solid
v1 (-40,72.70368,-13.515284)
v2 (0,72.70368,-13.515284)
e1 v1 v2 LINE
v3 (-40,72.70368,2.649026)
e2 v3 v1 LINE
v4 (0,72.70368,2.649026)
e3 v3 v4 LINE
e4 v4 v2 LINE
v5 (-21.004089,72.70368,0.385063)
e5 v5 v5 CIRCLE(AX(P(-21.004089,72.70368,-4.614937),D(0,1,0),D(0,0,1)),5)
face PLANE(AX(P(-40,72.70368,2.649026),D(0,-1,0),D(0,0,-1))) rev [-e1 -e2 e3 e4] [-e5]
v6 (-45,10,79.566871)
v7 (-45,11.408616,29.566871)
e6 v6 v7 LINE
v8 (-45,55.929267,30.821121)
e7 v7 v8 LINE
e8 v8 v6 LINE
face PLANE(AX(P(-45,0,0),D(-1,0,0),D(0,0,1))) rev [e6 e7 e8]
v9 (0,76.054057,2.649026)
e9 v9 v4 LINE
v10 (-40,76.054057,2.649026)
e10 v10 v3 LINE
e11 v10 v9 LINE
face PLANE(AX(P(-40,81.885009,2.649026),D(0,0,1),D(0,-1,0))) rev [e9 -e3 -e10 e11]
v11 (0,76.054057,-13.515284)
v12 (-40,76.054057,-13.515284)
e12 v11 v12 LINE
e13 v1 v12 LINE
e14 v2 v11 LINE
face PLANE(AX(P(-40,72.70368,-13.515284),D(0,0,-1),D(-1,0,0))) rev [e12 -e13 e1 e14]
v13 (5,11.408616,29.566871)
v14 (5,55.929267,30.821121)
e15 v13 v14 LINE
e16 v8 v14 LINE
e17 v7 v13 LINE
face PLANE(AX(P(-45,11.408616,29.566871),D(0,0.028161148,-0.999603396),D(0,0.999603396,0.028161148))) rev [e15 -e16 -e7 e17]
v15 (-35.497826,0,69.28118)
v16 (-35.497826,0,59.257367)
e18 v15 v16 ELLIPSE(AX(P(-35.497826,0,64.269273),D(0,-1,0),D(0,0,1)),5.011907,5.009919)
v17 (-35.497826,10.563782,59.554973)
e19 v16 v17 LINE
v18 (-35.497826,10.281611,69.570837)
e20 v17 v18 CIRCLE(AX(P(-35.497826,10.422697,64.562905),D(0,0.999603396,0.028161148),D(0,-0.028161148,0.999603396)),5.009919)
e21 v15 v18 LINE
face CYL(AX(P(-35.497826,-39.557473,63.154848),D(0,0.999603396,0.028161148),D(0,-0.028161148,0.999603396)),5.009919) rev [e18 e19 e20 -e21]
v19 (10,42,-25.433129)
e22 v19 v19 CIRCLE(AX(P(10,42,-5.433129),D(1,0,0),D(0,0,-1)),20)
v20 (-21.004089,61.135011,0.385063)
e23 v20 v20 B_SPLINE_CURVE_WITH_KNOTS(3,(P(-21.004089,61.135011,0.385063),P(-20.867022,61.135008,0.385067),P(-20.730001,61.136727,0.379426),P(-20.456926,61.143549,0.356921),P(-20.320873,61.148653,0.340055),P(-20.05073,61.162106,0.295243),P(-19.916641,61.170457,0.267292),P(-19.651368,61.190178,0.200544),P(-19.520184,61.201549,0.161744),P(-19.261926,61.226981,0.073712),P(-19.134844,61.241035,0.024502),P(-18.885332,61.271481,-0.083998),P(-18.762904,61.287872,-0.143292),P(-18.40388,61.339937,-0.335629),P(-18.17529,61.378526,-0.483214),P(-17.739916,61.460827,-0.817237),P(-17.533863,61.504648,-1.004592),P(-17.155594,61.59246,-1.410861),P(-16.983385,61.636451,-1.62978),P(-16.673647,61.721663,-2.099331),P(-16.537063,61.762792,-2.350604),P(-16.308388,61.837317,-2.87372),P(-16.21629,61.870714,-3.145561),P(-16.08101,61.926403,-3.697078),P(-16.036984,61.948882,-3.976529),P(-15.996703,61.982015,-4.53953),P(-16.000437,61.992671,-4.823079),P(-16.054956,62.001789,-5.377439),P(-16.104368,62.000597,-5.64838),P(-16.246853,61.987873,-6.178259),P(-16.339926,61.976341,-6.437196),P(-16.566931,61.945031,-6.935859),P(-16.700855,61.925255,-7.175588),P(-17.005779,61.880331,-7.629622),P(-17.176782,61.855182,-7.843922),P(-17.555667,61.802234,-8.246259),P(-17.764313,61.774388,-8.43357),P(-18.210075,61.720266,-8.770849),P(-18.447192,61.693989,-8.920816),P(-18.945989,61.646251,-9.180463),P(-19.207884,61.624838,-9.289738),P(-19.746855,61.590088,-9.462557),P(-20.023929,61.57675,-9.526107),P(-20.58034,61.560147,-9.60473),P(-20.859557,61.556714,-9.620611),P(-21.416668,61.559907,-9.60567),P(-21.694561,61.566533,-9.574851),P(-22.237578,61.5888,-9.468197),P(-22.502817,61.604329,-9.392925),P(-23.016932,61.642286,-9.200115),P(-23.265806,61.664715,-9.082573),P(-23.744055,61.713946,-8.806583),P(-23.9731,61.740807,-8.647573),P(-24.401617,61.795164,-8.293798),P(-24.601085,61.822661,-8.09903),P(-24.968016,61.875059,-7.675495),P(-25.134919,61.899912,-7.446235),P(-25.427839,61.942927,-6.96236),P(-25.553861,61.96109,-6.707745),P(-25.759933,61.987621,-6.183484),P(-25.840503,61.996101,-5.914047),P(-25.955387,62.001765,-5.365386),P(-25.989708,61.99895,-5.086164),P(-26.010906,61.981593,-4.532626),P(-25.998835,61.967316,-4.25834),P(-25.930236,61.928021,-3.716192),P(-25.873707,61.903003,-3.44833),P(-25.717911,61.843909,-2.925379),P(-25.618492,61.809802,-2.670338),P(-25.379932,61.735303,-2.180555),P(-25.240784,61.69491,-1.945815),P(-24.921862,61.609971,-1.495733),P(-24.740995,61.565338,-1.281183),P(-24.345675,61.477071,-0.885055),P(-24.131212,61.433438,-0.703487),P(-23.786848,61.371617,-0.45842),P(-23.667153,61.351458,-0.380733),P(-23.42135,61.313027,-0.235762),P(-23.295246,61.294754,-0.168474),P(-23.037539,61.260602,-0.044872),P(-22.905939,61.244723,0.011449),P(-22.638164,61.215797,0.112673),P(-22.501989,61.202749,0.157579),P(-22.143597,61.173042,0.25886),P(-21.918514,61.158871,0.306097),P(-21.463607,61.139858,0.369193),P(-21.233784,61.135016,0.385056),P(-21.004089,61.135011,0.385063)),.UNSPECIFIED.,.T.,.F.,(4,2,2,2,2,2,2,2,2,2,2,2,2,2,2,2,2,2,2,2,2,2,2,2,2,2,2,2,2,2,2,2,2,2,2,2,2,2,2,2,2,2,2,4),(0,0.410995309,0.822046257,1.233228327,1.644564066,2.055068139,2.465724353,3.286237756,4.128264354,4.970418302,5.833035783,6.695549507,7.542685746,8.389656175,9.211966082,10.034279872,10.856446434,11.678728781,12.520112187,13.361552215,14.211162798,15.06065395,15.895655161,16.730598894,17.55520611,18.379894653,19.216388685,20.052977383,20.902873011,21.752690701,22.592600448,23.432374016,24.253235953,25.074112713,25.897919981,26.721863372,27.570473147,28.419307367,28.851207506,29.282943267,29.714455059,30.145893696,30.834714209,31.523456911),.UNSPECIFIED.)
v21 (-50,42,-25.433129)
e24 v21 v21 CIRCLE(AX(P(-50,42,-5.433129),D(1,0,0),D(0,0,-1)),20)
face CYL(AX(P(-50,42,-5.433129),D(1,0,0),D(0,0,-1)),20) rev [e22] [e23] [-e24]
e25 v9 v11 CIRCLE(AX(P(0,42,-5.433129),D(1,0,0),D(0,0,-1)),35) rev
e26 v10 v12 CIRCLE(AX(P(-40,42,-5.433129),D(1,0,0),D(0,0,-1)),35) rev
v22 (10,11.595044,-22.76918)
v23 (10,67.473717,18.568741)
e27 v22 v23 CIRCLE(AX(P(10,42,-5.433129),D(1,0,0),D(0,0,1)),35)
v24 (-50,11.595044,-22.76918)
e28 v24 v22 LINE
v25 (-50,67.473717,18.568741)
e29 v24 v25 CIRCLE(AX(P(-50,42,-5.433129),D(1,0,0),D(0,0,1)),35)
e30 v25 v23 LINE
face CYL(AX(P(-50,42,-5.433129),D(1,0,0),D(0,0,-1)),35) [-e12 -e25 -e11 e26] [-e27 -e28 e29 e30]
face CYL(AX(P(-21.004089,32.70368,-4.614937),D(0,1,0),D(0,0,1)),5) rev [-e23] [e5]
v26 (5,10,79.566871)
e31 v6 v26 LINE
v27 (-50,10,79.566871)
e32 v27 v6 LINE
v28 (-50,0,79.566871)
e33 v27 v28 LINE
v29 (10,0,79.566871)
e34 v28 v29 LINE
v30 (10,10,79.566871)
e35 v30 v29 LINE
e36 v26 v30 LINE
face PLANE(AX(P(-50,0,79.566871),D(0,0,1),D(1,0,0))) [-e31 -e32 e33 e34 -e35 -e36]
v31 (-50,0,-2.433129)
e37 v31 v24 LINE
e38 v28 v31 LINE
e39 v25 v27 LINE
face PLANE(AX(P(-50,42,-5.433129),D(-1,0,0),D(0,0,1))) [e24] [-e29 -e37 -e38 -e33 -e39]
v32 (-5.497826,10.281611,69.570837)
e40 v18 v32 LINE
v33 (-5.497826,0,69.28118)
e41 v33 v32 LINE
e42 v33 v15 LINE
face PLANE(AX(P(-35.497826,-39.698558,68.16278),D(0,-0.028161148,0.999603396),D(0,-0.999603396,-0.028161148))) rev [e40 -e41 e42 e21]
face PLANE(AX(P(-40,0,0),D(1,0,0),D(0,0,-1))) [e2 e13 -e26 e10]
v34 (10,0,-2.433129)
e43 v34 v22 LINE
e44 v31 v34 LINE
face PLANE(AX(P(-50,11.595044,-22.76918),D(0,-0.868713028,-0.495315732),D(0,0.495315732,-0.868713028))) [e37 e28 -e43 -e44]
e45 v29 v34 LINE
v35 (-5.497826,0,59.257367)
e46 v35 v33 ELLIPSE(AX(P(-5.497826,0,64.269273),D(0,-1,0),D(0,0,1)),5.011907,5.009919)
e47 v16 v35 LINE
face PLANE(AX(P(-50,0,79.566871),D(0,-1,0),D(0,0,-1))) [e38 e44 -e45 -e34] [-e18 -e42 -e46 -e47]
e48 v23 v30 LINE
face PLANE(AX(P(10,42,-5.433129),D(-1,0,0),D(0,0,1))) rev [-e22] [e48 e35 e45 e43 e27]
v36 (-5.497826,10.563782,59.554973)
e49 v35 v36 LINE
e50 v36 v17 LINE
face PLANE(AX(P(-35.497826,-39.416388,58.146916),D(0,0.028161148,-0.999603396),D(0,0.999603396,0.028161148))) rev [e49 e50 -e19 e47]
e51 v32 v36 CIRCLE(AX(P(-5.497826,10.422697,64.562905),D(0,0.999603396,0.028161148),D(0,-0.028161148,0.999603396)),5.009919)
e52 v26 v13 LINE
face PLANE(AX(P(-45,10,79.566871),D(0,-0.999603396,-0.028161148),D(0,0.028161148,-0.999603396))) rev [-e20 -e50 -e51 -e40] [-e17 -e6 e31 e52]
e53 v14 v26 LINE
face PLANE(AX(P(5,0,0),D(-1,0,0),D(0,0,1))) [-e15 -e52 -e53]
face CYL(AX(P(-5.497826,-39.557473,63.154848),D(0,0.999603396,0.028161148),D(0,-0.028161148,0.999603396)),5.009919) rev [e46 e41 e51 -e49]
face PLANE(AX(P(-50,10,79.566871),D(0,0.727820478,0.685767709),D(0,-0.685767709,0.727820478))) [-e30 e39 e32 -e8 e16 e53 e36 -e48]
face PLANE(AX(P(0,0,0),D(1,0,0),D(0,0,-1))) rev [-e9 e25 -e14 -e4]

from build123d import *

# Parameters (mm, degrees)
SKETCH2_R           = 20
BOSS_EXTRUDE1_DEPTH = 60
CUT_EXTRUDE2_DEPTH  = 50
CUT_EXTRUDE3_DEPTH  = 50
SKETCH12_W          = 16.164310213
SKETCH12_H          = 9.181328202
CUT_EXTRUDE5_DEPTH  = 40
SKETCH13_R          = 5
CUT_EXTRUDE6_DEPTH  = 40


with BuildPart() as part:
    # Sketch2 → Boss-Extrude1 (new body)
    with BuildSketch(Plane(origin=(0, 0, 0), x_dir=(0, 0, -1), z_dir=(1, 0, 0))):
        with BuildLine():
            Line((-79.56687109, 0), (-79.56687109, 10))
            Line((-79.56687109, 10), (-18.568740921, 67.473716741))
            ThreePointArc((-18.568740921, 67.473716741), (33.570555999, 62.815503761), (22.769179524, 11.595044004))
            Line((22.769179524, 11.595044004), (2.43312891, 0))
            Line((2.43312891, 0), (-79.56687109, 0))
        make_face()
        with Locations((5.43312891, 42)):
            Circle(SKETCH2_R, mode=Mode.SUBTRACT)
    extrude(amount=-BOSS_EXTRUDE1_DEPTH)


with BuildPart() as part_1:
    # Body-Move/Copy1: moved
    add(part.part.moved(Location((5, 0, 0))))

    # Sketch4 → Cut-Extrude2 (cut)
    with BuildSketch(Plane(origin=(0, 0, 0), x_dir=(0, 0, -1), z_dir=(1, 0, 0))):
        Polygon((-79.56687109, 10), (-29.56687109, 11.408616082), (-30.821121194, 55.929267243), align=None)
    extrude(amount=-CUT_EXTRUDE2_DEPTH, mode=Mode.SUBTRACT)

    # Sketch5 → Cut-Extrude3 (cut)
    with BuildSketch(Plane(origin=(0, 12.231875294, 0.344600325), x_dir=(1, 0, 0), z_dir=(0, 0.9996033962131115, 0.028161148400119476))):
        with BuildLine():
            Line((-40.497825503, -59.233865026), (-10.497825503, -59.233865026))
            ThreePointArc((-10.497825503, -59.233865026), (-5.487906474, -64.243784055), (-10.497825503, -69.253703083))
            Line((-10.497825503, -69.253703083), (-40.497825503, -69.253703083))
            ThreePointArc((-40.497825503, -69.253703083), (-45.507744532, -64.243784055), (-40.497825503, -59.233865026))
        make_face()
    extrude(amount=-CUT_EXTRUDE3_DEPTH, mode=Mode.SUBTRACT)


with BuildPart() as part_2:
    # Body-Move/Copy2: moved
    add(part_1.part.moved(Location((5, 0, 0))))

    # Sketch12 → Cut-Extrude5 (cut)
    with BuildSketch(Plane(origin=(0, 0, 0), x_dir=(0, 0, -1), z_dir=(1, 0, 0))):
        with Locations((5.433128911, 77.294344512)):
            Rectangle(SKETCH12_W, SKETCH12_H)
    extrude(amount=-CUT_EXTRUDE5_DEPTH, mode=Mode.SUBTRACT)

    # Sketch13 → Cut-Extrude6 (cut)
    with BuildSketch(Plane(origin=(0, 72.703680411, 0), x_dir=(1, 0, 0), z_dir=(0, 1, 0))):
        with Locations(Location((-21.004088917, 4.614936989, 0), (0, 0, 270))):
            Circle(SKETCH13_R)
    extrude(amount=-CUT_EXTRUDE6_DEPTH, mode=Mode.SUBTRACT)


solid = part_2.part
